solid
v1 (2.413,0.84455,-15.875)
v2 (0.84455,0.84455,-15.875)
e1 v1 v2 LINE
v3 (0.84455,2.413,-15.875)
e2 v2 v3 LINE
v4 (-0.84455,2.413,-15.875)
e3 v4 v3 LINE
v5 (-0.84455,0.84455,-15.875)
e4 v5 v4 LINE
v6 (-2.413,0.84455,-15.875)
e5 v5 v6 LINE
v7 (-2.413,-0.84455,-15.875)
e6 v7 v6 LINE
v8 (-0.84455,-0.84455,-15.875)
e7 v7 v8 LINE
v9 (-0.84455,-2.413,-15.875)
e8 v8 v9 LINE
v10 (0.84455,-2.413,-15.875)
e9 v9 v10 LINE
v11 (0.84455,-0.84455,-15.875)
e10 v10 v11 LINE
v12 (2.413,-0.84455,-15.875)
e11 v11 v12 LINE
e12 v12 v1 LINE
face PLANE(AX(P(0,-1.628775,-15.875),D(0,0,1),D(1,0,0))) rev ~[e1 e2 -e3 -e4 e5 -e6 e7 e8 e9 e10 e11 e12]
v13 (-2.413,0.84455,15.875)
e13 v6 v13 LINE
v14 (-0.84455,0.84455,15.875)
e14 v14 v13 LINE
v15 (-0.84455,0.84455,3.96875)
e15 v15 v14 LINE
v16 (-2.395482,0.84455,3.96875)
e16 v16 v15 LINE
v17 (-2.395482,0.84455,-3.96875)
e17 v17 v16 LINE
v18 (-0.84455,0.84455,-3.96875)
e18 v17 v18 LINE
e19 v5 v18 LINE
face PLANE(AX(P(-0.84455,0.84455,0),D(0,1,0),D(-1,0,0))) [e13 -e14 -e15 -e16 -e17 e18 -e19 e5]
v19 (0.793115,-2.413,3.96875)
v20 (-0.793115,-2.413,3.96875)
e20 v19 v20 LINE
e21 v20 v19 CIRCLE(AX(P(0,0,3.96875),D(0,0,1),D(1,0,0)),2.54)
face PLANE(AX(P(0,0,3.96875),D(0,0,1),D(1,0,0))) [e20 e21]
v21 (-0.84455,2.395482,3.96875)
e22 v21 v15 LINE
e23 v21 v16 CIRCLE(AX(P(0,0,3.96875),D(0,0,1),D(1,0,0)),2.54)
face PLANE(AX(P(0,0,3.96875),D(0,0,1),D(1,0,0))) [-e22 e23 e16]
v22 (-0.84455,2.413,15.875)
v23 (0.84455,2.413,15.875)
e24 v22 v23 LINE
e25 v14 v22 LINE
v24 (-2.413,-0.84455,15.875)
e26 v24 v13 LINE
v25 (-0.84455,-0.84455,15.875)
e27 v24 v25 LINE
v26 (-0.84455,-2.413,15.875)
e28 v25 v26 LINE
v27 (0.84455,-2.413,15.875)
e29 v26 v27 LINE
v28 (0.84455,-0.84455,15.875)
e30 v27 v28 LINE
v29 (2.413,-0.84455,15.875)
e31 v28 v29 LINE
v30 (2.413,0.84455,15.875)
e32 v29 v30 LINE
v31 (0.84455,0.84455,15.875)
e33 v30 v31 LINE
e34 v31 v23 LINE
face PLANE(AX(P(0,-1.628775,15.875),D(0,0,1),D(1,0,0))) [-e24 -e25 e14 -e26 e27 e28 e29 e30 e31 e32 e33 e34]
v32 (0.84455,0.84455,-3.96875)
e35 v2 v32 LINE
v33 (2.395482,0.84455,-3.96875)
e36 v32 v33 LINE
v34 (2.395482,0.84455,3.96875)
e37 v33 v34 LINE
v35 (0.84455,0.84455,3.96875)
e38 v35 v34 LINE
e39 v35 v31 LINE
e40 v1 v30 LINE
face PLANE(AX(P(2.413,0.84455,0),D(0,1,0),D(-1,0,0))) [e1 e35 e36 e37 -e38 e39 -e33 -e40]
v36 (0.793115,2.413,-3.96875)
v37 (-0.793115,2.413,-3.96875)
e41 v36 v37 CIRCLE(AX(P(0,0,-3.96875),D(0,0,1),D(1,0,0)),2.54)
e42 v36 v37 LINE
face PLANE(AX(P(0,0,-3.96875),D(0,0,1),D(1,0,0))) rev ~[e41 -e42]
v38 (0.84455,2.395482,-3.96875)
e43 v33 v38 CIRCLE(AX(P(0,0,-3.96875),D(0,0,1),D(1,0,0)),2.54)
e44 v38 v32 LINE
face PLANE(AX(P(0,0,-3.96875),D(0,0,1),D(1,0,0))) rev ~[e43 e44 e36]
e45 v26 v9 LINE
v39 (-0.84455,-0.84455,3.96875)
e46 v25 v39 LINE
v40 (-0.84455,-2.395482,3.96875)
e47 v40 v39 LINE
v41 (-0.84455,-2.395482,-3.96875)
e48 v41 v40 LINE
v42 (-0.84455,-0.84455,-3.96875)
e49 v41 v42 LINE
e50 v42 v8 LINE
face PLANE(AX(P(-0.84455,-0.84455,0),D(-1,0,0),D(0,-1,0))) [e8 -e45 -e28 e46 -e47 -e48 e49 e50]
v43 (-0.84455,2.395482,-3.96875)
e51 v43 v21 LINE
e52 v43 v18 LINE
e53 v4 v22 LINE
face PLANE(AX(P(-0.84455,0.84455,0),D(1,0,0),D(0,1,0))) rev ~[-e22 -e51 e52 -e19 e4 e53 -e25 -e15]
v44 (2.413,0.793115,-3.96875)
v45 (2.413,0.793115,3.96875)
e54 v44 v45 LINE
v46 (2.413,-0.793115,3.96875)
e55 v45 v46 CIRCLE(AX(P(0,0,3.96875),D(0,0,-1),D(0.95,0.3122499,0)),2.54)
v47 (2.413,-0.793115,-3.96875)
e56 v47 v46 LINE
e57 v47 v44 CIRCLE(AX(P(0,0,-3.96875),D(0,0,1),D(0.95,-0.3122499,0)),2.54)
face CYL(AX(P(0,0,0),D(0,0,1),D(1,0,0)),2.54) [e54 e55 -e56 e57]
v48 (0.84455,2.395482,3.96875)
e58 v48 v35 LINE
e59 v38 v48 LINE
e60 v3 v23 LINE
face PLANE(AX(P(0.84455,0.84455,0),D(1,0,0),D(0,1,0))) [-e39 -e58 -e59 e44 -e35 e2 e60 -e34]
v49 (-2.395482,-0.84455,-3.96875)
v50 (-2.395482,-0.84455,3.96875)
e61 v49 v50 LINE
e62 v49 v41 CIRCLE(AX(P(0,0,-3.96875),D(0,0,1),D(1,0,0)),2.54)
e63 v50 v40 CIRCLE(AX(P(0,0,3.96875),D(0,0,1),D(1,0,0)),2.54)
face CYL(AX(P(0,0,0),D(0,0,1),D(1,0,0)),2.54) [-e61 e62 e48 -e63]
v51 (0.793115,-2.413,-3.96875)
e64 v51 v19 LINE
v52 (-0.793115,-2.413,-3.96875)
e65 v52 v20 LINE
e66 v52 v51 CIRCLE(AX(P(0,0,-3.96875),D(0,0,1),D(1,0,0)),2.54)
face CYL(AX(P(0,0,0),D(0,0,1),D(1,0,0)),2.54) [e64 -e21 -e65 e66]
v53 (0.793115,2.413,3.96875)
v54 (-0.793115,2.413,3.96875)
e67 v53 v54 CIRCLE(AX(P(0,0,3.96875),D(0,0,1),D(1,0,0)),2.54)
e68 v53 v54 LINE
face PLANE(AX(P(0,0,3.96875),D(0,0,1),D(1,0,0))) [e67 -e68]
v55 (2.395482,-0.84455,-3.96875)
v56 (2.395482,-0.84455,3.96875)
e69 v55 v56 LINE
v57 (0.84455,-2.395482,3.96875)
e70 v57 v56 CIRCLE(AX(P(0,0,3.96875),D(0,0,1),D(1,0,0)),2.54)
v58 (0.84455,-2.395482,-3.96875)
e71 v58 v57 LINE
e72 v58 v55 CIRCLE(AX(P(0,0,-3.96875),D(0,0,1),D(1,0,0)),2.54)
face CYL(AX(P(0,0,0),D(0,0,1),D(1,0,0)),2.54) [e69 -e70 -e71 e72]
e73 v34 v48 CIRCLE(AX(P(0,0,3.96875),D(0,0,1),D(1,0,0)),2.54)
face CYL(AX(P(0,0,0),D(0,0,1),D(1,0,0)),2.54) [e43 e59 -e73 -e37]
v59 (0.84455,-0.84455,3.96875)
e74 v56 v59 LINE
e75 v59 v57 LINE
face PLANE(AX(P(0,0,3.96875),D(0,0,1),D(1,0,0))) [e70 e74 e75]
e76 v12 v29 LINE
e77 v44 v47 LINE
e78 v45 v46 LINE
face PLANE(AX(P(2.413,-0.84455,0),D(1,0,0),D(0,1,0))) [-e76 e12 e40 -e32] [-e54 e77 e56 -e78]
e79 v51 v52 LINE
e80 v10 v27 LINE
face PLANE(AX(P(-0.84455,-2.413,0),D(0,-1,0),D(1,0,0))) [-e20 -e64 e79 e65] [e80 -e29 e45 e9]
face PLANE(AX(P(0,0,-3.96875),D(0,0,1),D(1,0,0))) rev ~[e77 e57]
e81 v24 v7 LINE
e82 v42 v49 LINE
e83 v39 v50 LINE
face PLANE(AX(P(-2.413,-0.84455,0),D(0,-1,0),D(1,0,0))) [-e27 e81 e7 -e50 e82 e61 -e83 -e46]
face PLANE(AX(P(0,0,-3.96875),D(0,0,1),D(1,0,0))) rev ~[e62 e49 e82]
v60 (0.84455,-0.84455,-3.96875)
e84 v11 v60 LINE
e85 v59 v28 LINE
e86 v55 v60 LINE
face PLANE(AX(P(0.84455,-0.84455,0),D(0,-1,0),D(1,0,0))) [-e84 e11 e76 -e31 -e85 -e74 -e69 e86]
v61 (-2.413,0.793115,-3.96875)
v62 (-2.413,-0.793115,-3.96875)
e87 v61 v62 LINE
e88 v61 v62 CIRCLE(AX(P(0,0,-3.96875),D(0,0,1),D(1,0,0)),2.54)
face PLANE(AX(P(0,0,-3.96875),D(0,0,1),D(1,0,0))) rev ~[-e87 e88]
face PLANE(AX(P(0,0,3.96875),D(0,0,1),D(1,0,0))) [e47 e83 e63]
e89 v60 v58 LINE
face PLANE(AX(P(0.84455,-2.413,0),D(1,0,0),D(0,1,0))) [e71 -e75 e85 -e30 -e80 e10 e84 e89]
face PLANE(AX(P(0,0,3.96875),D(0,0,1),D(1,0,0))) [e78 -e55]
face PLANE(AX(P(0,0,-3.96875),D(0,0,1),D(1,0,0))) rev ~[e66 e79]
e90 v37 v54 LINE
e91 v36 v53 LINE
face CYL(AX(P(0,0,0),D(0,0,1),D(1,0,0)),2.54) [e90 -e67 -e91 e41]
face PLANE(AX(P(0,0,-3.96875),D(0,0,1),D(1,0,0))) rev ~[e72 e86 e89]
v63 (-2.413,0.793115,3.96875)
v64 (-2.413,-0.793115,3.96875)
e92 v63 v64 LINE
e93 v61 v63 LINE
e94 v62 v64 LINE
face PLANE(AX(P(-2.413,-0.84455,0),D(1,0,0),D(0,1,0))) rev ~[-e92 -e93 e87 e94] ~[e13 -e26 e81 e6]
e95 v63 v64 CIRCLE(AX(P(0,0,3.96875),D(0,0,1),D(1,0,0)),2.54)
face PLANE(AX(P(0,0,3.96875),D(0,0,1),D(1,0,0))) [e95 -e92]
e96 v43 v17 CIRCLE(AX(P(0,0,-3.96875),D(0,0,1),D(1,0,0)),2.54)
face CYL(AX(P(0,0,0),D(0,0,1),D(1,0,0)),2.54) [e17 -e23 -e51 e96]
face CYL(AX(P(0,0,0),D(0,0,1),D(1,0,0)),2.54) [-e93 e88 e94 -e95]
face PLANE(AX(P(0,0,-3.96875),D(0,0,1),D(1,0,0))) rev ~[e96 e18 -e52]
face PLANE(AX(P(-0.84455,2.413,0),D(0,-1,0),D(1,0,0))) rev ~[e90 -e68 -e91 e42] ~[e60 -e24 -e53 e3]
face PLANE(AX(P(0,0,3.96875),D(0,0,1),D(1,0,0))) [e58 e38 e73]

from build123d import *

# Parameters (mm, degrees)
F0_W     = 1.6891
F0_H     = 1.56845
F0_H_2   = 1.6891
F0_W_2   = 1.56845
F1_DEPTH = 15.875
F2_R     = 2.54
F3_DEPTH = 3.96875


with BuildPart() as f1:
    # F0 (on Top) → F1 (new body, symmetric)
    with BuildSketch(Plane.XY):
        with Locations((0, -1.628775)):
            Rectangle(F0_W, F0_H)
        Rectangle(F0_W, F0_H_2)
        with Locations((1.628775, 0)):
            Rectangle(F0_W_2, F0_H_2)
        with Locations((-1.628775, 0)):
            Rectangle(F0_W_2, F0_H_2)
        with Locations((0, 1.628775)):
            Rectangle(F0_W, F0_H)
    extrude(amount=F1_DEPTH, both=True)

    # F2 (on Top) → F3 (join, symmetric)
    with BuildSketch(Plane.XY):
        Circle(F2_R)
    extrude(amount=F3_DEPTH, both=True)


solid = f1.part
